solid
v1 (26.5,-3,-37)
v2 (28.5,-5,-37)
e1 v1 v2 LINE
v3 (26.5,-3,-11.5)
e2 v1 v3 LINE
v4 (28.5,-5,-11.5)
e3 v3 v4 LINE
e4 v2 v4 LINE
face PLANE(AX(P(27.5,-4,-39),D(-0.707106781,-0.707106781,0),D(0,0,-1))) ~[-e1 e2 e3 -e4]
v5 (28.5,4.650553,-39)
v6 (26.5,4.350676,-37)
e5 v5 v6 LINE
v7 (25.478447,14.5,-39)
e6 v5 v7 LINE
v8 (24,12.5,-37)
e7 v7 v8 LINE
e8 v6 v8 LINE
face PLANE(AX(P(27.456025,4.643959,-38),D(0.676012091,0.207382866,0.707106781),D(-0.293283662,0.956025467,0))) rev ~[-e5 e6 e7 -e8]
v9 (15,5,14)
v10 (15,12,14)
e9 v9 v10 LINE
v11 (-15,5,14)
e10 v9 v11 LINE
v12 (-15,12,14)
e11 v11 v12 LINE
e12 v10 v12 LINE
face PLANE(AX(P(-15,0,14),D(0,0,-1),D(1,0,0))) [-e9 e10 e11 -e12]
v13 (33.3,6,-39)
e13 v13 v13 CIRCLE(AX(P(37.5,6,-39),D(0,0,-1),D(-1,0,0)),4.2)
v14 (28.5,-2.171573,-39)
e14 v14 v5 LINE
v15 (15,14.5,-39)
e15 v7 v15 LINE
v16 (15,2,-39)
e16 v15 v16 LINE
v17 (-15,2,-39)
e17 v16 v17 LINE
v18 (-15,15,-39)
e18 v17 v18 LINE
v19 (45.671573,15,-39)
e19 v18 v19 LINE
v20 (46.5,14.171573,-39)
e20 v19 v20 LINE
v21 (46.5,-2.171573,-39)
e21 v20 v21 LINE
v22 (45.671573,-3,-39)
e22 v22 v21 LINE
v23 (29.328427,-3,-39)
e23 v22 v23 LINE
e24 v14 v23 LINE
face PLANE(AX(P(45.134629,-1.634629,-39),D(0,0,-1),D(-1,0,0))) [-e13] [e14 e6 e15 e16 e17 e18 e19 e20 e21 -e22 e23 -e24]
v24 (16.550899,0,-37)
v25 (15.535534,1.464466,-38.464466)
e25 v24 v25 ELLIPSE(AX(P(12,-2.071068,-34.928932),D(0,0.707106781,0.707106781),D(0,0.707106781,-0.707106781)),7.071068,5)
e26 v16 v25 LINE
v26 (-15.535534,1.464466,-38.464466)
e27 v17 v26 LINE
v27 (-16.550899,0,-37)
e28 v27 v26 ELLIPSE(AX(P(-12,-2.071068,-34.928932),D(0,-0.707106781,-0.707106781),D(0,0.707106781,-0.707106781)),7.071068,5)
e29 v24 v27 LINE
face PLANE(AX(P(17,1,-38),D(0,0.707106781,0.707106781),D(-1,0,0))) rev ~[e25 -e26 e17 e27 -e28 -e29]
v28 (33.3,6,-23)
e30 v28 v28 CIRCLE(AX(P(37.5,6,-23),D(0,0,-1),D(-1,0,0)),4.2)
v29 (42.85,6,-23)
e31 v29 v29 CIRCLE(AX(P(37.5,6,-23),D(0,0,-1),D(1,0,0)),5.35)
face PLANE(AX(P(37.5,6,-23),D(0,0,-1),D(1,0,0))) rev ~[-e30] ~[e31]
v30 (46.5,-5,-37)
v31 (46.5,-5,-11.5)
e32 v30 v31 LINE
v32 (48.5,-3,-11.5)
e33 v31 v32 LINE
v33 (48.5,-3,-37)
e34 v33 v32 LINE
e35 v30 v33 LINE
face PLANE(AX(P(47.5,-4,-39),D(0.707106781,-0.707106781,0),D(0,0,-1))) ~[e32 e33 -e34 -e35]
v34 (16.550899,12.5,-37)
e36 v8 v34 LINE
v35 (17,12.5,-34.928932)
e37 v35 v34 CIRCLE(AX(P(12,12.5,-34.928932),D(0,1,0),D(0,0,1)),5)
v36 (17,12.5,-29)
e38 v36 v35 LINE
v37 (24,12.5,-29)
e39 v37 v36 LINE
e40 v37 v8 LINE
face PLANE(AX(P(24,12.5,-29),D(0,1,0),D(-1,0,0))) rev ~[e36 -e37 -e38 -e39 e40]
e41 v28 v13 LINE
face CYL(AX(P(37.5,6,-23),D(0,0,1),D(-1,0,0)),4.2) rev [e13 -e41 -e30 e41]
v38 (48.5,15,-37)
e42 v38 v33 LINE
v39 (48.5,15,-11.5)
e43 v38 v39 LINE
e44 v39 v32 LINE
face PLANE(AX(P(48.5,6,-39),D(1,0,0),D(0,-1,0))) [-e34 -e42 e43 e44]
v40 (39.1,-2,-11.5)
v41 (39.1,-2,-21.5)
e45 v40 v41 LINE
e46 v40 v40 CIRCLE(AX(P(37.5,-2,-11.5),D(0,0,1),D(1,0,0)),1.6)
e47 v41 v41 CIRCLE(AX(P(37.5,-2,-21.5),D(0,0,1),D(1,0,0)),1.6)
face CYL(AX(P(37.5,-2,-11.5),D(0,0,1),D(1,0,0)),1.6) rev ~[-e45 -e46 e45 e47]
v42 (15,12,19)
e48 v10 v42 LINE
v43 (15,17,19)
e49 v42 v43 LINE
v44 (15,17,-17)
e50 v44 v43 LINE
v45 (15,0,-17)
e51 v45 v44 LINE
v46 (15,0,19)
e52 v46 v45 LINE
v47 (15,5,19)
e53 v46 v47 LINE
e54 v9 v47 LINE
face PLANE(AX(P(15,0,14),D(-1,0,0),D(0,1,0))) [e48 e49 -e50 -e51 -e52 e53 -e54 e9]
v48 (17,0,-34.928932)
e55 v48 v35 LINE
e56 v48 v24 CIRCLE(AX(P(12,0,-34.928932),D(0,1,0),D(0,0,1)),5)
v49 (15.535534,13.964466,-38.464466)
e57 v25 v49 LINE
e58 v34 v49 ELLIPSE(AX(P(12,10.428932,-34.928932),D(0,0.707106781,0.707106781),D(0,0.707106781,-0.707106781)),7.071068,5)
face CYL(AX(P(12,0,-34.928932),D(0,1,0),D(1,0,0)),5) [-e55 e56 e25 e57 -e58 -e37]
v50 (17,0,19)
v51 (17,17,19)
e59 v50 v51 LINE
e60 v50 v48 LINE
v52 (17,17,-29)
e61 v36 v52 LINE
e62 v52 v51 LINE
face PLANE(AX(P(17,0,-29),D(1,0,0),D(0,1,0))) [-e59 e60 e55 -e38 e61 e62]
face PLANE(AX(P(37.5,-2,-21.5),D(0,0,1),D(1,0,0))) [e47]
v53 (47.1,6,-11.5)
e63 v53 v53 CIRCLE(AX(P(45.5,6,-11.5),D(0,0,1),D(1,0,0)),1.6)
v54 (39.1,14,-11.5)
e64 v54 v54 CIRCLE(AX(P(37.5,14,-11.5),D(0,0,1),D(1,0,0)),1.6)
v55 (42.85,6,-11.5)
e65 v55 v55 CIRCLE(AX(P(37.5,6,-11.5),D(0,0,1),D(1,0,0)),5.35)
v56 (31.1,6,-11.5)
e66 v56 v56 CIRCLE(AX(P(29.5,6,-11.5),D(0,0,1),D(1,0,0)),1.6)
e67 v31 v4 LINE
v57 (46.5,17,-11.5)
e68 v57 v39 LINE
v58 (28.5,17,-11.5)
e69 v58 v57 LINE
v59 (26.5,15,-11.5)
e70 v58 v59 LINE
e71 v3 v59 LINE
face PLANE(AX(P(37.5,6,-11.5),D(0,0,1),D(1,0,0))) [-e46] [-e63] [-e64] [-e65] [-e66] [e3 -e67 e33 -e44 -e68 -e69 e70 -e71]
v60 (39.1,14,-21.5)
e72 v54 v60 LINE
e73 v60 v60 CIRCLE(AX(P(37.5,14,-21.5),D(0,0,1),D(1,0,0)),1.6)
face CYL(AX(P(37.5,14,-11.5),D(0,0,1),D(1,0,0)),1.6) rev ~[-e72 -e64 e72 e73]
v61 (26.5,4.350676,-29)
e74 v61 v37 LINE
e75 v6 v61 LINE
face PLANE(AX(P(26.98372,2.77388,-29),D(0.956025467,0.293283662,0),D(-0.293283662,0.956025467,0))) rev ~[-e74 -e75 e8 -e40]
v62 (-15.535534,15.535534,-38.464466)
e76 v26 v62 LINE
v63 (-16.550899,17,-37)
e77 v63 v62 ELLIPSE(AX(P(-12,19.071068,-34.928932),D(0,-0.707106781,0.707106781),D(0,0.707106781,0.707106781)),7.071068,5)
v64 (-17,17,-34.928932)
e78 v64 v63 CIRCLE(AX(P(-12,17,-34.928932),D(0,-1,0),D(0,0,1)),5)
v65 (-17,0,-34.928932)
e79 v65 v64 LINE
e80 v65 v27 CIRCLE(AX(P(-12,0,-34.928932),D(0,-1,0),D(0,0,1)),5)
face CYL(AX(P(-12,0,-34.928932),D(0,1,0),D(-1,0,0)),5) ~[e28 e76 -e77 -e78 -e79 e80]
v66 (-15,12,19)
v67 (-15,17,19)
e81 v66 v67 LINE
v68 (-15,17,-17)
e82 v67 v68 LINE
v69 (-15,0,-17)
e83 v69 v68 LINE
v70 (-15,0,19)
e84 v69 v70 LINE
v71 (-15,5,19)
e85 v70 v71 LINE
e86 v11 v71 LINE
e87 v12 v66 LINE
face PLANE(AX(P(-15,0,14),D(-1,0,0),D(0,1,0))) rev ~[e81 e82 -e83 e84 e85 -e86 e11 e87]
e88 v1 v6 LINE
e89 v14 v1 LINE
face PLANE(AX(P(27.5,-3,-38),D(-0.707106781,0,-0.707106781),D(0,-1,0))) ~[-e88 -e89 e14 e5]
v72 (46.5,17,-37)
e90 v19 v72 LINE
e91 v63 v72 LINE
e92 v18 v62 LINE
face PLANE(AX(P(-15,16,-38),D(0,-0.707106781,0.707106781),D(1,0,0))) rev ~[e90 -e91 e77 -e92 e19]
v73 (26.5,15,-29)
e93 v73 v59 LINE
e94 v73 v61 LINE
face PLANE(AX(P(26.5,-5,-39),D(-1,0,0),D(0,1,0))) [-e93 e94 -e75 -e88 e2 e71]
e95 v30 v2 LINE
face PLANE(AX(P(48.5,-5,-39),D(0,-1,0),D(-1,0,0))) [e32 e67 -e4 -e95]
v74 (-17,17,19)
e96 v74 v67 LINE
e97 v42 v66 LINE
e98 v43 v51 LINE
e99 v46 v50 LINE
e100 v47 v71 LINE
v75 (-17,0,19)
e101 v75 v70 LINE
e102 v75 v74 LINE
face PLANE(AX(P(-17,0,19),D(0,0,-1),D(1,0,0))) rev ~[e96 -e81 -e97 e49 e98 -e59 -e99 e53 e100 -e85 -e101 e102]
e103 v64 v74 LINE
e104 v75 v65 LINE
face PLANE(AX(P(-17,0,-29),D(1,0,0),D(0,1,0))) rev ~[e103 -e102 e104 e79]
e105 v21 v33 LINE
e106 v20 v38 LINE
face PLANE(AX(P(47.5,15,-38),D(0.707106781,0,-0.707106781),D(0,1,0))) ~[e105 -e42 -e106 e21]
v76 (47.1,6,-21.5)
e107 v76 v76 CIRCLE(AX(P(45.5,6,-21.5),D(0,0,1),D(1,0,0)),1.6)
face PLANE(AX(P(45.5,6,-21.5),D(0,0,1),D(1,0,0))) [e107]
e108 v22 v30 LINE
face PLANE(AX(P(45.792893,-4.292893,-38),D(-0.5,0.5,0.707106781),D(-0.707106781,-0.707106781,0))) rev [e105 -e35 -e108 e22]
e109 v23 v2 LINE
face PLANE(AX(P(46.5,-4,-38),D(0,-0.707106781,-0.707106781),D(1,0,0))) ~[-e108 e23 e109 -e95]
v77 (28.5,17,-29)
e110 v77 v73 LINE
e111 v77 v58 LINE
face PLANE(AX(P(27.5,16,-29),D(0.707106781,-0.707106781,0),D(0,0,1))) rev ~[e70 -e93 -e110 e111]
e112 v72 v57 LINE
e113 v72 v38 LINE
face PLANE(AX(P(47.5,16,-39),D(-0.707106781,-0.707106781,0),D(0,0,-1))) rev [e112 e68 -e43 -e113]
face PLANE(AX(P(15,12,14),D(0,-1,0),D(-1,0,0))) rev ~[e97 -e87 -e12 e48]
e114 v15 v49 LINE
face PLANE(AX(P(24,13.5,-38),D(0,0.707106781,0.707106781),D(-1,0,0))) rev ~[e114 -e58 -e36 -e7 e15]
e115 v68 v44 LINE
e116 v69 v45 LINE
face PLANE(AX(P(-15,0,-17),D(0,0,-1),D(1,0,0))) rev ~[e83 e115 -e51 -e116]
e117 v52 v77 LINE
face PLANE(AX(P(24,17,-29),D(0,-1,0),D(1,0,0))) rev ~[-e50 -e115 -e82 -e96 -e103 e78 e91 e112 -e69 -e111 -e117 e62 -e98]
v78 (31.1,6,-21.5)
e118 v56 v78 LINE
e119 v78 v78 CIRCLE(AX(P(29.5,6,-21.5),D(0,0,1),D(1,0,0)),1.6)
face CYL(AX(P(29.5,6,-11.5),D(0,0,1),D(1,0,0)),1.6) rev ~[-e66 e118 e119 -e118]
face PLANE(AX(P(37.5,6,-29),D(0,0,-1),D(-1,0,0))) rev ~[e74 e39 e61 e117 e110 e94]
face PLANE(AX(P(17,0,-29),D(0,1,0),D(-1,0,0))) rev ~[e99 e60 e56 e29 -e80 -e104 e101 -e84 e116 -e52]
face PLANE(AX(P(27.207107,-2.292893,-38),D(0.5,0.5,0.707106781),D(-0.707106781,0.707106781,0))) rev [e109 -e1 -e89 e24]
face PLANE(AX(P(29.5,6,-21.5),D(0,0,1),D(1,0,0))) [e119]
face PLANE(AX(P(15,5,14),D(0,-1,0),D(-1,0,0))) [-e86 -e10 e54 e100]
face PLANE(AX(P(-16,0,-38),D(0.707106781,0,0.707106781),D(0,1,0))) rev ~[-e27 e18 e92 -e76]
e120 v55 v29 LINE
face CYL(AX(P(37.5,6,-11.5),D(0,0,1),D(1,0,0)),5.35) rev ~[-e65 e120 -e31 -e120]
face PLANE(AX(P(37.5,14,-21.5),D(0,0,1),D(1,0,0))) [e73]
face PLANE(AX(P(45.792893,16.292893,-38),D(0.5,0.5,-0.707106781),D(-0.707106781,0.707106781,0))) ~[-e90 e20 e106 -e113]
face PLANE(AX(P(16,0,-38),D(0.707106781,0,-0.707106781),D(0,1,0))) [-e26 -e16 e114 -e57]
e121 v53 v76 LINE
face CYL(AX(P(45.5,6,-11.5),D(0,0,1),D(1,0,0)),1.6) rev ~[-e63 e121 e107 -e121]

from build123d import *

# Parameters (mm, degrees)
SZKIC2_W                    = 34
SZKIC2_H                    = 38
SZKIC2_W_2                  = 30
SZKIC2_H_2                  = 31
DODANIE_WYCI_GNI_CIE1_DEPTH = 17
SZKIC6_W                    = 30
SZKIC6_H                    = 5
WYTNIJ_WYCI_GNI_CIE1_DEPTH  = 17
SZKIC7_W                    = 34
SZKIC7_H                    = 17
DODANIE_WYCI_GNI_CIE2_DEPTH = 10
SZKIC8_R                    = 11
SZKIC8_R_2                  = 5.35
SZKIC8_W                    = 7
SZKIC8_H                    = 4.5
SZKIC8_W_2                  = 34
SZKIC8_H_2                  = 17
DODANIE_WYCI_GNI_CIE3_DEPTH = 10
DODANIE_WYCI_GNI_CIE4_START = 17.5
SZKIC10_R                   = 11
SZKIC10_R_2                 = 5.35
DODANIE_WYCI_GNI_CIE4_DEPTH = 17.5
DODANIE_WYCI_GNI_CIE5_START = -16
SZKIC11_R                   = 5.35
SZKIC11_R_2                 = 4.2
DODANIE_WYCI_GNI_CIE5_DEPTH = 16
SZKIC13_R                   = 1.6
WYTNIJ_WYCI_GNI_CIE2_DEPTH  = 10
DODANIE_WYCI_GNI_CIE6_REACH = 79.494
SFAZOWANIE1_SIZE            = 2
SFAZOWANIE2_SIZE            = 2
SFAZOWANIE3_SIZE            = 2
ZAOKR_GLENIE1_R             = 5


with BuildPart() as part:
    # Szkic2 → Dodanie-wyciągnięcie1 (new body)
    with BuildSketch(Plane(origin=(0, 0, 0), x_dir=(1, 0, 0), z_dir=(0, 1, 0))):
        Rectangle(SZKIC2_W, SZKIC2_H)
        with Locations((0, 1.5)):
            Rectangle(SZKIC2_W_2, SZKIC2_H_2, mode=Mode.SUBTRACT)
    extrude(amount=DODANIE_WYCI_GNI_CIE1_DEPTH)

    # Szkic6 → Wytnij-wyciągnięcie1 (cut)
    with BuildSketch(Plane(origin=(0, 0, 14), x_dir=(-1, 0, 0), z_dir=(0, 0, -1))):
        with Locations((0, 14.5)):
            Rectangle(SZKIC6_W, SZKIC6_H)
        with Locations((0, 2.5)):
            Rectangle(SZKIC6_W, SZKIC6_H)
    extrude(amount=-WYTNIJ_WYCI_GNI_CIE1_DEPTH, mode=Mode.SUBTRACT)

    # Szkic7 → Dodanie-wyciągnięcie2 (add)
    with BuildSketch(Plane(origin=(0, 0, -19), x_dir=(-1, 0, 0), z_dir=(0, 0, -1))):
        with Locations((0, 8.5)):
            Rectangle(SZKIC7_W, SZKIC7_H)
    extrude(amount=DODANIE_WYCI_GNI_CIE2_DEPTH)

    # Szkic8 → Dodanie-wyciągnięcie3 (add)
    # profile 1 of 4: a face of its own
    with BuildSketch(Plane(origin=(0, 0, -29), x_dir=(-1, 0, 0), z_dir=(0, 0, -1))):
        with Locations((-37.5, 6)):
            Circle(SZKIC8_R)
        with Locations((-37.5, 6)):
            Circle(SZKIC8_R_2, mode=Mode.SUBTRACT)
    # profile 2 of 4: a face of its own
    with BuildSketch(Plane(origin=(0, 0, -29), x_dir=(-1, 0, 0), z_dir=(0, 0, -1))):
        with BuildLine():
            Line((-24, 12.5), (-24, 17))
            Line((-24, 17), (-37.5, 17))
            ThreePointArc((-37.5, 17), (-29.721825407, 13.778174593), (-26.5, 6))
            ThreePointArc((-26.5, 6), (-26.621602105, 4.368908572), (-26.983719863, 2.773879716))
            Line((-26.983719863, 2.773879716), (-24, 12.5))
        make_face()
    # profile 3 of 4: a face of its own
    with BuildSketch(Plane(origin=(0, 0, -29), x_dir=(-1, 0, 0), z_dir=(0, 0, -1))):
        with Locations((-20.5, 14.75)):
            Rectangle(SZKIC8_W, SZKIC8_H)
    # profile 4 of 4: a face of its own
    with BuildSketch(Plane(origin=(0, 0, -29), x_dir=(-1, 0, 0), z_dir=(0, 0, -1))):
        with Locations((0, 8.5)):
            Rectangle(SZKIC8_W_2, SZKIC8_H_2)
    extrude(amount=DODANIE_WYCI_GNI_CIE3_DEPTH)

    # Szkic10 → Dodanie-wyciągnięcie4 (add)
    with BuildSketch(Plane.XY.offset(-29).offset(DODANIE_WYCI_GNI_CIE4_START)):
        with Locations((37.5, 6)):
            Circle(SZKIC10_R)
        with Locations((37.5, 6)):
            Circle(SZKIC10_R_2, mode=Mode.SUBTRACT)
    extrude(amount=-DODANIE_WYCI_GNI_CIE4_DEPTH)

    # Szkic11 → Dodanie-wyciągnięcie5 (add)
    with BuildSketch(Plane(origin=(0, 0, -39), x_dir=(-1, 0, 0), z_dir=(0, 0, -1)).offset(DODANIE_WYCI_GNI_CIE5_START)):
        with Locations(Location((-37.5, 6, 0), (0, 0, 180))):
            Circle(SZKIC11_R)
        with Locations((-37.5, 6)):
            Circle(SZKIC11_R_2, mode=Mode.SUBTRACT)
    extrude(amount=DODANIE_WYCI_GNI_CIE5_DEPTH)

    # Szkic13 → Wytnij-wyciągnięcie2 (cut)
    with BuildSketch(Plane.XY.offset(-11.5)):
        with Locations((37.5, 14)):
            Circle(SZKIC13_R)
        with Locations((45.5, 6)):
            Circle(SZKIC13_R)
        with Locations((37.5, -2)):
            Circle(SZKIC13_R)
        with Locations((29.5, 6)):
            Circle(SZKIC13_R)
    extrude(amount=-WYTNIJ_WYCI_GNI_CIE2_DEPTH, mode=Mode.SUBTRACT)

    # Dodanie-wyciągnięcie6: up to this face of the body (flat: up to its plane)
    dodanie_wyci_gni_cie6_end = Plane(part.part.faces().sort_by_distance((26.811126984, 6, -11.5))[0])
    # Szkic16 → Dodanie-wyciągnięcie6 (add, up to the picked face)
    with BuildSketch(Plane(origin=(0, 0, -39), x_dir=(-1, 0, 0), z_dir=(0, 0, -1)), mode=Mode.PRIVATE) as dodanie_wyci_gni_cie6_sk1:
        with BuildLine():
            ThreePointArc((-48.5, 6), (-45.278174593, 13.778174593), (-37.5, 17))
            Line((-37.5, 17), (-48.5, 17))
            Line((-48.5, 17), (-48.5, 6))
        make_face()
    dodanie_wyci_gni_cie6_tool1 = split(extrude(dodanie_wyci_gni_cie6_sk1.sketch, amount=-DODANIE_WYCI_GNI_CIE6_REACH, mode=Mode.PRIVATE), bisect_by=dodanie_wyci_gni_cie6_end, keep=Keep.BOTH, mode=Mode.PRIVATE)
    # Szkic16 → Dodanie-wyciągnięcie6 (add, up to the picked face)
    with BuildSketch(Plane(origin=(0, 0, -39), x_dir=(-1, 0, 0), z_dir=(0, 0, -1)), mode=Mode.PRIVATE) as dodanie_wyci_gni_cie6_sk2:
        with BuildLine():
            Line((-26.5, 6), (-26.5, 17))
            Line((-26.5, 17), (-37.5, 17))
            ThreePointArc((-37.5, 17), (-29.721825407, 13.778174593), (-26.5, 6))
        make_face()
    dodanie_wyci_gni_cie6_tool2 = split(extrude(dodanie_wyci_gni_cie6_sk2.sketch, amount=-DODANIE_WYCI_GNI_CIE6_REACH, mode=Mode.PRIVATE), bisect_by=dodanie_wyci_gni_cie6_end, keep=Keep.BOTH, mode=Mode.PRIVATE)
    # Szkic16 → Dodanie-wyciągnięcie6 (add, up to the picked face)
    with BuildSketch(Plane(origin=(0, 0, -39), x_dir=(-1, 0, 0), z_dir=(0, 0, -1)), mode=Mode.PRIVATE) as dodanie_wyci_gni_cie6_sk3:
        with BuildLine():
            Line((-26.5, -5), (-26.5, 4.350675726))
            Line((-26.5, 4.350675726), (-26.983719863, 2.773879716))
            ThreePointArc((-26.983719863, 2.773879716), (-30.96116689, -2.84554473), (-37.5, -5))
            Line((-37.5, -5), (-26.5, -5))
        make_face()
    dodanie_wyci_gni_cie6_tool3 = split(extrude(dodanie_wyci_gni_cie6_sk3.sketch, amount=-DODANIE_WYCI_GNI_CIE6_REACH, mode=Mode.PRIVATE), bisect_by=dodanie_wyci_gni_cie6_end, keep=Keep.BOTH, mode=Mode.PRIVATE)
    # Szkic16 → Dodanie-wyciągnięcie6 (add, up to the picked face)
    with BuildSketch(Plane(origin=(0, 0, -39), x_dir=(-1, 0, 0), z_dir=(0, 0, -1)), mode=Mode.PRIVATE) as dodanie_wyci_gni_cie6_sk4:
        with BuildLine():
            ThreePointArc((-37.5, -5), (-45.278174593, -1.778174593), (-48.5, 6))
            Line((-48.5, 6), (-48.5, -5))
            Line((-48.5, -5), (-37.5, -5))
        make_face()
    dodanie_wyci_gni_cie6_tool4 = split(extrude(dodanie_wyci_gni_cie6_sk4.sketch, amount=-DODANIE_WYCI_GNI_CIE6_REACH, mode=Mode.PRIVATE), bisect_by=dodanie_wyci_gni_cie6_end, keep=Keep.BOTH, mode=Mode.PRIVATE)
    # Szkic16 → Dodanie-wyciągnięcie6 (add, up to the picked face)
    with BuildSketch(Plane(origin=(0, 0, -39), x_dir=(-1, 0, 0), z_dir=(0, 0, -1)), mode=Mode.PRIVATE) as dodanie_wyci_gni_cie6_sk5:
        with BuildLine():
            Line((-26.5, 4.350675726), (-26.5, 6))
            ThreePointArc((-26.5, 6), (-26.621602105, 4.368908572), (-26.983719863, 2.773879716))
            Line((-26.983719863, 2.773879716), (-26.5, 4.350675726))
        make_face()
    dodanie_wyci_gni_cie6_tool5 = split(extrude(dodanie_wyci_gni_cie6_sk5.sketch, amount=-DODANIE_WYCI_GNI_CIE6_REACH, mode=Mode.PRIVATE), bisect_by=dodanie_wyci_gni_cie6_end, keep=Keep.BOTH, mode=Mode.PRIVATE)
    add(dodanie_wyci_gni_cie6_tool1.solids().sort_by(Axis((46.042953, 14.542953, -39), (0, 0, 1)))[0])
    add(dodanie_wyci_gni_cie6_tool2.solids().sort_by(Axis((28.957047, 14.542953, -39), (0, 0, 1)))[0])
    add(dodanie_wyci_gni_cie6_tool3.solids().sort_by(Axis((28.969303, -2.578828, -39), (0, 0, 1)))[0])
    add(dodanie_wyci_gni_cie6_tool4.solids().sort_by(Axis((46.042953, -2.542953, -39), (0, 0, 1)))[0])
    add(dodanie_wyci_gni_cie6_tool5.solids().sort_by(Axis((26.597113, 4.365237, -39), (0, 0, 1)))[0])

    # Sfazowanie1
    sfazowanie1_edges = [part.edges().sort_by_distance(p)[0] for p in [
        (48.5, 17, -25.25),
        (26.5, 17, -20.25),
        (48.5, -5, -25.25),
        (26.5, -5, -25.25),
    ]]
    chamfer(sfazowanie1_edges, length=SFAZOWANIE1_SIZE)

    # Sfazowanie2
    sfazowanie2_edges = [part.edges().sort_by_distance(p)[0] for p in [
        (17, 6.25, -39),
        (0, 0, -39),
        (-17, 8.5, -39),
    ]]
    chamfer(sfazowanie2_edges, length=SFAZOWANIE2_SIZE)

    # Sfazowanie3
    sfazowanie3_edges = [part.edges().sort_by_distance(p)[0] for p in [
        (19.5, 12.5, -39),
        (15.75, 17, -39),
        (47.5, 16, -39),
        (48.5, 6, -39),
        (47.5, -4, -39),
        (37.5, -5, -39),
        (27.5, -4, -39),
        (26.5, 0.675337863, -39),
        (25.25, 8.425337863, -39),
    ]]
    chamfer(sfazowanie3_edges, length=SFAZOWANIE3_SIZE)

    # Zaokrąglenie1
    zaokr_glenie1_edges = [part.edges().sort_by_distance(p)[0] for p in [
        (17, 6.25, -37),
        (-17, 8.5, -37),
    ]]
    fillet(zaokr_glenie1_edges, radius=ZAOKR_GLENIE1_R)


solid = part.part
